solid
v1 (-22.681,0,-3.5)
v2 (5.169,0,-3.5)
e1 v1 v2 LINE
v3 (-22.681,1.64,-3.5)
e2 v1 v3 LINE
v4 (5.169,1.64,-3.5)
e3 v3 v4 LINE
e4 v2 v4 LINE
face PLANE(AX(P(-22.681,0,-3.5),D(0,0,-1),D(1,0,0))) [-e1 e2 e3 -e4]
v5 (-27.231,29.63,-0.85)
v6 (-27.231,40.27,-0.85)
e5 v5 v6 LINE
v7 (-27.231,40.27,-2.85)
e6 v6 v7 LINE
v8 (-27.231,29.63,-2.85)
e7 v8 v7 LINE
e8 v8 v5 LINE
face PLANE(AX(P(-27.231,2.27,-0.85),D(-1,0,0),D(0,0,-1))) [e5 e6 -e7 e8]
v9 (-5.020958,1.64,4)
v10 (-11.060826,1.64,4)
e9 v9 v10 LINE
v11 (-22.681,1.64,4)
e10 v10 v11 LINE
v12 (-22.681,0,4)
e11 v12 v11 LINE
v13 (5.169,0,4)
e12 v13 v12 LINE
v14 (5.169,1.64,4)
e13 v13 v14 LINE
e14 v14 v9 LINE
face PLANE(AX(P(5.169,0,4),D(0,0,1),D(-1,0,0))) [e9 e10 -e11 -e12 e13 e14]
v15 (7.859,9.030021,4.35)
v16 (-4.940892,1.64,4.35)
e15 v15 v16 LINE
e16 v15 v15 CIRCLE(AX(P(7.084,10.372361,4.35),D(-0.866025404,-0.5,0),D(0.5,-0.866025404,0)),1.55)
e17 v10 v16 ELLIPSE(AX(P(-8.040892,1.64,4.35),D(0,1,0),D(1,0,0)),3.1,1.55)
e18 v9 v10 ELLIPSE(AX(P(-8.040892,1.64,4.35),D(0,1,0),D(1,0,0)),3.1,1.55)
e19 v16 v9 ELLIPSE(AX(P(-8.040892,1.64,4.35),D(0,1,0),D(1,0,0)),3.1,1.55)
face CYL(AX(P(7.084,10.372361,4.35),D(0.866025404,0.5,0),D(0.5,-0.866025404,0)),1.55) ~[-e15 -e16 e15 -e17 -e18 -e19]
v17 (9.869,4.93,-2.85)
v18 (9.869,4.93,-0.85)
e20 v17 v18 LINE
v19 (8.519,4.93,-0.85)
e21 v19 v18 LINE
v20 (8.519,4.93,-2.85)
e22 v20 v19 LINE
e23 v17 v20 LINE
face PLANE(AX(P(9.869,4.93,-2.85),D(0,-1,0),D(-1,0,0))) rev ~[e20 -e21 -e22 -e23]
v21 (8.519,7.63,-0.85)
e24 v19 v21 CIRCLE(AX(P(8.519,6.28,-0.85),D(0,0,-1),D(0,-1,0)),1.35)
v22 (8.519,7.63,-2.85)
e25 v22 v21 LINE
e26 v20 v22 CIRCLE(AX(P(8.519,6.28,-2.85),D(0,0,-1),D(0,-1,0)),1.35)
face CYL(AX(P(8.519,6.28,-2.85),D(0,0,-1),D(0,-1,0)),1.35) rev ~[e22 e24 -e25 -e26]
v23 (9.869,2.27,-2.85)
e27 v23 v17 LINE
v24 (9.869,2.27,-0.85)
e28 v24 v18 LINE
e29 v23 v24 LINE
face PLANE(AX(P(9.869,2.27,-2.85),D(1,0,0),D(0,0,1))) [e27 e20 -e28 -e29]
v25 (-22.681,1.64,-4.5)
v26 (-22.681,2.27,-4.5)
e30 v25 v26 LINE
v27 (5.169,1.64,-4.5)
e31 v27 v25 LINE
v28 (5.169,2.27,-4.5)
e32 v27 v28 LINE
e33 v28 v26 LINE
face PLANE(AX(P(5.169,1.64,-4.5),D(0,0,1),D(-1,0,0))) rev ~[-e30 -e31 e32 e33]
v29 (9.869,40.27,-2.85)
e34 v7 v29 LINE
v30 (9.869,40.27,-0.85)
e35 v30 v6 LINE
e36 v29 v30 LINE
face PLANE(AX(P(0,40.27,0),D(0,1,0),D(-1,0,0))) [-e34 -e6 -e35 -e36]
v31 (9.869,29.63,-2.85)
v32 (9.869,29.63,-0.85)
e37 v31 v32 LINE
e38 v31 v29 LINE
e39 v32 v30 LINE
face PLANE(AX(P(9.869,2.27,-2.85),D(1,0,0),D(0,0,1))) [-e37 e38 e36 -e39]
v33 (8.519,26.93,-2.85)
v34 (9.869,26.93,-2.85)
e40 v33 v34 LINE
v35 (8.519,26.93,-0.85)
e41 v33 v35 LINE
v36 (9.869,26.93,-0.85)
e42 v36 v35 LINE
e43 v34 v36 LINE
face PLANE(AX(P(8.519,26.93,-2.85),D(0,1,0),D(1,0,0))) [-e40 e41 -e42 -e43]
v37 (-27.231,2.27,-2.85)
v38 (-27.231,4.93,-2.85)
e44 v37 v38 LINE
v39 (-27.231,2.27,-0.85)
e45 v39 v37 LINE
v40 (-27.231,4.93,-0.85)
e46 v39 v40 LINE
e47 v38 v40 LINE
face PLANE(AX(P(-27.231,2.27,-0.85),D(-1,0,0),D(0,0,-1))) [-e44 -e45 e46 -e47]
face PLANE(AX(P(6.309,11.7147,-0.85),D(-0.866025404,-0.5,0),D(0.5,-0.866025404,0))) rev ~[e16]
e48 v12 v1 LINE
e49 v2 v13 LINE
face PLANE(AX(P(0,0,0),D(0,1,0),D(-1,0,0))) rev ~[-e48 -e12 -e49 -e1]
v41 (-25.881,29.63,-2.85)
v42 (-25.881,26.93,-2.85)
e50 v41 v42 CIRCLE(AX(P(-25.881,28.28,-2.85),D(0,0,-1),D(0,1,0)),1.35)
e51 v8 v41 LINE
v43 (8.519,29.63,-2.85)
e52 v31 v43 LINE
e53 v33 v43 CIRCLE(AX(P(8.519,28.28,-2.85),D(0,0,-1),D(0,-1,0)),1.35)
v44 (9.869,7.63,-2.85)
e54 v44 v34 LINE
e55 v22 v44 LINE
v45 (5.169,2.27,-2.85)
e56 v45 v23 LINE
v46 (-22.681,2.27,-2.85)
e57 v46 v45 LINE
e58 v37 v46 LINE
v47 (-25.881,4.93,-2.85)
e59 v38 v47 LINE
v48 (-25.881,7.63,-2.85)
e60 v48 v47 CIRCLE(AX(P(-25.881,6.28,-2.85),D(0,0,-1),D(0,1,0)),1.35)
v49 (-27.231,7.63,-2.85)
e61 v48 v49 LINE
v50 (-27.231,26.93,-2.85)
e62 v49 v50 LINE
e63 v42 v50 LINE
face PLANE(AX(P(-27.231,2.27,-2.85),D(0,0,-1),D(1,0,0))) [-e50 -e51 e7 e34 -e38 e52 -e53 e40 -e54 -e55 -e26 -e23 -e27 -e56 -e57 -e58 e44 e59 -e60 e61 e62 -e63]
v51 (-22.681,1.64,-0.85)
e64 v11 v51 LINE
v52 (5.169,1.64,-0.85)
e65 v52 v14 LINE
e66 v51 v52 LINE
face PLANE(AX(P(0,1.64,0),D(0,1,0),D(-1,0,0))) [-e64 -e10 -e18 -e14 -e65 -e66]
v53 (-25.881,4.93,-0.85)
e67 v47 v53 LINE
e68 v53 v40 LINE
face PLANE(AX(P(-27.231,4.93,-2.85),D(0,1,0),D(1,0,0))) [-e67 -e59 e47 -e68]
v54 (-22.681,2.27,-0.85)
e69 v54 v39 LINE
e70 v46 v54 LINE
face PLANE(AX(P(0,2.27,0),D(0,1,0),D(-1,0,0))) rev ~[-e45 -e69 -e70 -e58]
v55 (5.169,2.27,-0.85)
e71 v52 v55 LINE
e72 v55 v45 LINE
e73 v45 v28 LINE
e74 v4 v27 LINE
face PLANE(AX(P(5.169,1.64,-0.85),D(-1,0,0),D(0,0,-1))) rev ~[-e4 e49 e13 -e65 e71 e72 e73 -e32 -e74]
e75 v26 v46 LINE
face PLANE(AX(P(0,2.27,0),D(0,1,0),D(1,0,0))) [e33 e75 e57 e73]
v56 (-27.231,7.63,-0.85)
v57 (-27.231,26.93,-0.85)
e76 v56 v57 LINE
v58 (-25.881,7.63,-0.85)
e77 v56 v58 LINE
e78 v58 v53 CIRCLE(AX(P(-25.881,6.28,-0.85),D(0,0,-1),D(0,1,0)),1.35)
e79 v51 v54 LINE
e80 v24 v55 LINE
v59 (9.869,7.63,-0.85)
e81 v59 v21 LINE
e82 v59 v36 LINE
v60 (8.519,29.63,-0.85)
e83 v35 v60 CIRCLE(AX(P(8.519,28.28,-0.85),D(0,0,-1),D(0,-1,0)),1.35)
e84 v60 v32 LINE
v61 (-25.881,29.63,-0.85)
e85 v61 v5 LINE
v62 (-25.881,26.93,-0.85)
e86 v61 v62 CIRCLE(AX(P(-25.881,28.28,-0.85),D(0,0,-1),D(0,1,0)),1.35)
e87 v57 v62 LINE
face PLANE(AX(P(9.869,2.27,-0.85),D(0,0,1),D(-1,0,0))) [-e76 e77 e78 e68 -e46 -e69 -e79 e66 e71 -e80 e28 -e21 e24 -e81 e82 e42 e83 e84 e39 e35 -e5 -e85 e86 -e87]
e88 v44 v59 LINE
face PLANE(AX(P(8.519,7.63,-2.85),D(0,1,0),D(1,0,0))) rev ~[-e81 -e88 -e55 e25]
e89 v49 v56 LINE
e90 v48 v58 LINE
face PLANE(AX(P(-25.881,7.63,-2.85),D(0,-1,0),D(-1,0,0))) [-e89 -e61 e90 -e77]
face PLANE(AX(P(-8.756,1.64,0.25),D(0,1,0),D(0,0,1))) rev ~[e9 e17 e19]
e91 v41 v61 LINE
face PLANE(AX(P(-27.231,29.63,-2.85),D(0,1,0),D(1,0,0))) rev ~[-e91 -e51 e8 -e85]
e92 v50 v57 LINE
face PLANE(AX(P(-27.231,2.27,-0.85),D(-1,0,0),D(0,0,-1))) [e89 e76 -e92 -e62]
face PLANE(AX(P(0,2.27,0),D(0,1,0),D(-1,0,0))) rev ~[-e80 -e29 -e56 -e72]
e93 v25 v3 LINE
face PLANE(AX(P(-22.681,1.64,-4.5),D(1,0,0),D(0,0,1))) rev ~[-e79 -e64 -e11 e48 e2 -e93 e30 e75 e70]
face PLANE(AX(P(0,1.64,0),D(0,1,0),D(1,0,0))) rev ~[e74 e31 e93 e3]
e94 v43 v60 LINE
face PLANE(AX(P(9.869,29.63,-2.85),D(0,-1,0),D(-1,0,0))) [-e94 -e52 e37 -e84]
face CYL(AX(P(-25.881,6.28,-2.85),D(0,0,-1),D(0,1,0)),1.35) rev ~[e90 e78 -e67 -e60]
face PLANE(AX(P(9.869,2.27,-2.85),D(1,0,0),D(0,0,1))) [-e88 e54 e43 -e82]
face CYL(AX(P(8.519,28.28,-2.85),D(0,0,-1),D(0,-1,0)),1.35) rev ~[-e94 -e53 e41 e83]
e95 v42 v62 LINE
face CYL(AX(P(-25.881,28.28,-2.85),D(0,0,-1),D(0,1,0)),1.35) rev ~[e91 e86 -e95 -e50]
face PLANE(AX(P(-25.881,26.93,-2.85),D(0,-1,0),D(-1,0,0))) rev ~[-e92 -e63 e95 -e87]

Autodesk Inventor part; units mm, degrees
ref_plane "XY Plane" through (0, 0, 0) normal (0, 0, 1) x (1, 0, 0)
sketch "Sketch1" plane through (0, 0, 0) normal (0, 1, 0) x (-1, 0, 0)
  line L0 (0, -0.13) -> (17.417, -0.13)
  line L1 (17.417, -0.13) -> (17.417, 0.13)
  line L2 (17.417, 0.13) -> (0, 0.13)
  line L3 (0, 0.13) -> (0, -0.13)
  line L4 (-17.289, 0) -> (34.651, 0) construction
  line L5 (22.681, -3.5) -> (-5.169, -3.5)
  line L6 (-5.169, -3.5) -> (-5.169, 4)
  line L7 (-5.169, 4) -> (22.681, 4)
  line L8 (22.681, 4) -> (22.681, -3.5)
  line L9 (27.231, -2.85) -> (-9.869, -2.85) construction
  line L10 (-9.869, -2.85) -> (-9.869, -0.85) construction
  line L11 (-9.869, -0.85) -> (27.231, -0.85) construction
  line L12 (27.231, -0.85) -> (27.231, -2.85) construction
  point P0 (0, 0)
  dimension "d1" = 17.417
  dimension "d2" = 0.26
  dimension "d7" = 7.5
  dimension "d8" = 27.85
  dimension "d9" = 0.85
  dimension "d10" = 2
  dimension "d11" = 9.814
  dimension "d12" = 37.1
  dimension "d13" = 4.55
  dimension "d20" = 4.85
ref_plane "Alu_Start_V" through (0, 2.27, 0) normal (0, 1, 0) x (-1, 0, 0)
sketch "Sketch2" plane through (0, 2.27, 0) normal (0, 1, 0) x (-1, 0, 0)
  line L0 (27.231, -2.85) -> (-9.869, -2.85) projected
  line L1 (27.231, -0.85) -> (27.231, -2.85) projected
  line L2 (-9.869, -0.85) -> (27.231, -0.85) projected
  line L3 (-9.869, -2.85) -> (-9.869, -0.85) projected
  point P0 (0, 0)
extrude "Extrusion2" add sketch "Sketch2" along normal blind 38
extrude "Extrusion3" add sketch "Sketch1" along normal blind 1.64 contours L3 L2 L1 L0 | L5 L6 L7 L8
sketch "Sketch3" plane through (0, 1.64, 0) normal (0, 1, 0) x (1, 0, 0)
  line L0 (5.169, 4.5) -> (-22.681, 4.5)
  line L1 (-22.681, 4.5) -> (-22.681, 0.85)
  line L2 (-22.681, 0.85) -> (5.169, 0.85)
  line L3 (5.169, 0.85) -> (5.169, 4.5)
  line L4 (9.869, 2.85) -> (-27.231, 2.85) construction
  line L5 (-27.231, 0.85) -> (9.869, 0.85) construction
  point P0 (0, 0)
  point P1 (-22.681, 3.5)
  point P2 (5.169, 3.5)
  point P3 (-22.681, 2.85)
  point P4 (5.169, 2.85)
  dimension "d22" = 3.65
extrude "Extrusion4" add sketch "Sketch3" along normal up to surface (0.63 mm away)
sketch "NozzleLine" plane through (0, 0, 0) normal (0, -1, 0) x (1, 0, 0)
  line L0 (0, 0) -> (-17.417, 0)
  point P0 (-17.417, 0.13)
  point P1 (-8.7085, 0)
sketch "Sketch5" plane through (9.869, 40.27, -2.85) normal (0, 0, -1) x (-1, 0, 0)
  line L0 (0, -38) -> (0, 0) projected
  line L1 (0, -10.64) -> (1.35, -10.64)
  arc A0 (1.35, -13.34) -> (1.35, -10.64) centre (1.35, -11.99) ccw
  line L2 (1.35, -13.34) -> (0, -13.34)
  line L3 (37.1, 0) -> (0, 0) construction
  line L4 (4.7, -38) -> (32.55, -38) construction
  line L5 (37.1, -38) -> (37.1, 0) construction
  line L6 (18.55, 0) -> (18.55, -38) construction
  line L7 (37.1, -10.64) -> (35.75, -10.64)
  arc A1 (35.75, -10.64) -> (35.75, -13.34) centre (35.75, -11.99) ccw
  line L8 (35.75, -13.34) -> (37.1, -13.34)
  line L9 (0, -22.99) -> (36.8238, -22.99) construction
  line L10 (0, -35.34) -> (1.35, -35.34)
  arc A2 (1.35, -35.34) -> (1.35, -32.64) centre (1.35, -33.99) ccw
  line L11 (1.35, -32.64) -> (0, -32.64)
  line L12 (37.1, -45.98) -> (0, -45.98) construction
  line L13 (37.1, -35.34) -> (35.75, -35.34)
  arc A3 (35.75, -32.64) -> (35.75, -35.34) centre (35.75, -33.99) ccw
  line L14 (35.75, -32.64) -> (37.1, -32.64)
  line L15 (37.1, -10.64) -> (37.1, -13.34)
  line L16 (37.1, -32.64) -> (37.1, -35.34)
  line L17 (-7.42, -38) -> (44.52, -38) projected
  point P0 (9.869, -40.27)
  point P1 (18.55, -45.98)
  point P2 (0, -32.64)
  point P3 (0, -35.34)
  dimension "d25" = 2.7
  dimension "d28" = 2.7
  dimension "d38" = 4.01
  dimension "d39" = 26.01
extrude "Extrusion5" cut sketch "Sketch5" against normal through all
ref_plane "NozzleLineCenter" through (-8.7085, 0, 0) normal (1, 0, 0) x (0, 1, 0)
sketch "Sketch6" plane through (-27.231, 40.27, -0.85) normal (0, 0, 1) x (1, 0, 0)
  line L0 (33.54, -28.5553) -> (35.09, -31.24)
  line L1 (4.55, -40.27) -> (32.4, -40.27) projected
  line L2 (37.1, -38) -> (37.1, -35.34) projected
  line L3 (32.4, -40.27) -> (4.55, -40.27) projected
  line L4 (37.1, -32.64) -> (37.1, -13.34) projected
  line L5 (-7.42, -38) -> (44.52, -38) projected
  line L6 (35.09, -31.24) -> (30.5153, -33.8812)
  point P0 (27.231, -40.27)
  dimension "d33" = 3.1
  dimension "d37" = 2.01
  dimension "d40" = 6.76
  dimension "d41" = 30
ref_plane "Work Plane3" through (6.309, 11.7147, -0.85) normal (-0.866, -0.5, 0) x (0.5, -0.866, 0)
sketch "Sketch7" plane through (6.309, 11.7147, -0.85) normal (-0.866, -0.5, 0) x (0.5, -0.866, 0)
  circle A0 centre (1.55, 5.2) radius 1.55
  line L0 (0, 0) -> (3.1, 0) construction
  line L1 (1.55, 5.2) -> (1.55, 0) construction
  point P0 (6.9907, 0.85)
  dimension "d43" = 3.1
  dimension "d45" = 5.2
extrude "Extrusion6" add sketch "Sketch7" along normal up to surface surface through (-8.756, 1.64, 0.25) normal (0, 1, 0)
properties part number "Xaar128"
